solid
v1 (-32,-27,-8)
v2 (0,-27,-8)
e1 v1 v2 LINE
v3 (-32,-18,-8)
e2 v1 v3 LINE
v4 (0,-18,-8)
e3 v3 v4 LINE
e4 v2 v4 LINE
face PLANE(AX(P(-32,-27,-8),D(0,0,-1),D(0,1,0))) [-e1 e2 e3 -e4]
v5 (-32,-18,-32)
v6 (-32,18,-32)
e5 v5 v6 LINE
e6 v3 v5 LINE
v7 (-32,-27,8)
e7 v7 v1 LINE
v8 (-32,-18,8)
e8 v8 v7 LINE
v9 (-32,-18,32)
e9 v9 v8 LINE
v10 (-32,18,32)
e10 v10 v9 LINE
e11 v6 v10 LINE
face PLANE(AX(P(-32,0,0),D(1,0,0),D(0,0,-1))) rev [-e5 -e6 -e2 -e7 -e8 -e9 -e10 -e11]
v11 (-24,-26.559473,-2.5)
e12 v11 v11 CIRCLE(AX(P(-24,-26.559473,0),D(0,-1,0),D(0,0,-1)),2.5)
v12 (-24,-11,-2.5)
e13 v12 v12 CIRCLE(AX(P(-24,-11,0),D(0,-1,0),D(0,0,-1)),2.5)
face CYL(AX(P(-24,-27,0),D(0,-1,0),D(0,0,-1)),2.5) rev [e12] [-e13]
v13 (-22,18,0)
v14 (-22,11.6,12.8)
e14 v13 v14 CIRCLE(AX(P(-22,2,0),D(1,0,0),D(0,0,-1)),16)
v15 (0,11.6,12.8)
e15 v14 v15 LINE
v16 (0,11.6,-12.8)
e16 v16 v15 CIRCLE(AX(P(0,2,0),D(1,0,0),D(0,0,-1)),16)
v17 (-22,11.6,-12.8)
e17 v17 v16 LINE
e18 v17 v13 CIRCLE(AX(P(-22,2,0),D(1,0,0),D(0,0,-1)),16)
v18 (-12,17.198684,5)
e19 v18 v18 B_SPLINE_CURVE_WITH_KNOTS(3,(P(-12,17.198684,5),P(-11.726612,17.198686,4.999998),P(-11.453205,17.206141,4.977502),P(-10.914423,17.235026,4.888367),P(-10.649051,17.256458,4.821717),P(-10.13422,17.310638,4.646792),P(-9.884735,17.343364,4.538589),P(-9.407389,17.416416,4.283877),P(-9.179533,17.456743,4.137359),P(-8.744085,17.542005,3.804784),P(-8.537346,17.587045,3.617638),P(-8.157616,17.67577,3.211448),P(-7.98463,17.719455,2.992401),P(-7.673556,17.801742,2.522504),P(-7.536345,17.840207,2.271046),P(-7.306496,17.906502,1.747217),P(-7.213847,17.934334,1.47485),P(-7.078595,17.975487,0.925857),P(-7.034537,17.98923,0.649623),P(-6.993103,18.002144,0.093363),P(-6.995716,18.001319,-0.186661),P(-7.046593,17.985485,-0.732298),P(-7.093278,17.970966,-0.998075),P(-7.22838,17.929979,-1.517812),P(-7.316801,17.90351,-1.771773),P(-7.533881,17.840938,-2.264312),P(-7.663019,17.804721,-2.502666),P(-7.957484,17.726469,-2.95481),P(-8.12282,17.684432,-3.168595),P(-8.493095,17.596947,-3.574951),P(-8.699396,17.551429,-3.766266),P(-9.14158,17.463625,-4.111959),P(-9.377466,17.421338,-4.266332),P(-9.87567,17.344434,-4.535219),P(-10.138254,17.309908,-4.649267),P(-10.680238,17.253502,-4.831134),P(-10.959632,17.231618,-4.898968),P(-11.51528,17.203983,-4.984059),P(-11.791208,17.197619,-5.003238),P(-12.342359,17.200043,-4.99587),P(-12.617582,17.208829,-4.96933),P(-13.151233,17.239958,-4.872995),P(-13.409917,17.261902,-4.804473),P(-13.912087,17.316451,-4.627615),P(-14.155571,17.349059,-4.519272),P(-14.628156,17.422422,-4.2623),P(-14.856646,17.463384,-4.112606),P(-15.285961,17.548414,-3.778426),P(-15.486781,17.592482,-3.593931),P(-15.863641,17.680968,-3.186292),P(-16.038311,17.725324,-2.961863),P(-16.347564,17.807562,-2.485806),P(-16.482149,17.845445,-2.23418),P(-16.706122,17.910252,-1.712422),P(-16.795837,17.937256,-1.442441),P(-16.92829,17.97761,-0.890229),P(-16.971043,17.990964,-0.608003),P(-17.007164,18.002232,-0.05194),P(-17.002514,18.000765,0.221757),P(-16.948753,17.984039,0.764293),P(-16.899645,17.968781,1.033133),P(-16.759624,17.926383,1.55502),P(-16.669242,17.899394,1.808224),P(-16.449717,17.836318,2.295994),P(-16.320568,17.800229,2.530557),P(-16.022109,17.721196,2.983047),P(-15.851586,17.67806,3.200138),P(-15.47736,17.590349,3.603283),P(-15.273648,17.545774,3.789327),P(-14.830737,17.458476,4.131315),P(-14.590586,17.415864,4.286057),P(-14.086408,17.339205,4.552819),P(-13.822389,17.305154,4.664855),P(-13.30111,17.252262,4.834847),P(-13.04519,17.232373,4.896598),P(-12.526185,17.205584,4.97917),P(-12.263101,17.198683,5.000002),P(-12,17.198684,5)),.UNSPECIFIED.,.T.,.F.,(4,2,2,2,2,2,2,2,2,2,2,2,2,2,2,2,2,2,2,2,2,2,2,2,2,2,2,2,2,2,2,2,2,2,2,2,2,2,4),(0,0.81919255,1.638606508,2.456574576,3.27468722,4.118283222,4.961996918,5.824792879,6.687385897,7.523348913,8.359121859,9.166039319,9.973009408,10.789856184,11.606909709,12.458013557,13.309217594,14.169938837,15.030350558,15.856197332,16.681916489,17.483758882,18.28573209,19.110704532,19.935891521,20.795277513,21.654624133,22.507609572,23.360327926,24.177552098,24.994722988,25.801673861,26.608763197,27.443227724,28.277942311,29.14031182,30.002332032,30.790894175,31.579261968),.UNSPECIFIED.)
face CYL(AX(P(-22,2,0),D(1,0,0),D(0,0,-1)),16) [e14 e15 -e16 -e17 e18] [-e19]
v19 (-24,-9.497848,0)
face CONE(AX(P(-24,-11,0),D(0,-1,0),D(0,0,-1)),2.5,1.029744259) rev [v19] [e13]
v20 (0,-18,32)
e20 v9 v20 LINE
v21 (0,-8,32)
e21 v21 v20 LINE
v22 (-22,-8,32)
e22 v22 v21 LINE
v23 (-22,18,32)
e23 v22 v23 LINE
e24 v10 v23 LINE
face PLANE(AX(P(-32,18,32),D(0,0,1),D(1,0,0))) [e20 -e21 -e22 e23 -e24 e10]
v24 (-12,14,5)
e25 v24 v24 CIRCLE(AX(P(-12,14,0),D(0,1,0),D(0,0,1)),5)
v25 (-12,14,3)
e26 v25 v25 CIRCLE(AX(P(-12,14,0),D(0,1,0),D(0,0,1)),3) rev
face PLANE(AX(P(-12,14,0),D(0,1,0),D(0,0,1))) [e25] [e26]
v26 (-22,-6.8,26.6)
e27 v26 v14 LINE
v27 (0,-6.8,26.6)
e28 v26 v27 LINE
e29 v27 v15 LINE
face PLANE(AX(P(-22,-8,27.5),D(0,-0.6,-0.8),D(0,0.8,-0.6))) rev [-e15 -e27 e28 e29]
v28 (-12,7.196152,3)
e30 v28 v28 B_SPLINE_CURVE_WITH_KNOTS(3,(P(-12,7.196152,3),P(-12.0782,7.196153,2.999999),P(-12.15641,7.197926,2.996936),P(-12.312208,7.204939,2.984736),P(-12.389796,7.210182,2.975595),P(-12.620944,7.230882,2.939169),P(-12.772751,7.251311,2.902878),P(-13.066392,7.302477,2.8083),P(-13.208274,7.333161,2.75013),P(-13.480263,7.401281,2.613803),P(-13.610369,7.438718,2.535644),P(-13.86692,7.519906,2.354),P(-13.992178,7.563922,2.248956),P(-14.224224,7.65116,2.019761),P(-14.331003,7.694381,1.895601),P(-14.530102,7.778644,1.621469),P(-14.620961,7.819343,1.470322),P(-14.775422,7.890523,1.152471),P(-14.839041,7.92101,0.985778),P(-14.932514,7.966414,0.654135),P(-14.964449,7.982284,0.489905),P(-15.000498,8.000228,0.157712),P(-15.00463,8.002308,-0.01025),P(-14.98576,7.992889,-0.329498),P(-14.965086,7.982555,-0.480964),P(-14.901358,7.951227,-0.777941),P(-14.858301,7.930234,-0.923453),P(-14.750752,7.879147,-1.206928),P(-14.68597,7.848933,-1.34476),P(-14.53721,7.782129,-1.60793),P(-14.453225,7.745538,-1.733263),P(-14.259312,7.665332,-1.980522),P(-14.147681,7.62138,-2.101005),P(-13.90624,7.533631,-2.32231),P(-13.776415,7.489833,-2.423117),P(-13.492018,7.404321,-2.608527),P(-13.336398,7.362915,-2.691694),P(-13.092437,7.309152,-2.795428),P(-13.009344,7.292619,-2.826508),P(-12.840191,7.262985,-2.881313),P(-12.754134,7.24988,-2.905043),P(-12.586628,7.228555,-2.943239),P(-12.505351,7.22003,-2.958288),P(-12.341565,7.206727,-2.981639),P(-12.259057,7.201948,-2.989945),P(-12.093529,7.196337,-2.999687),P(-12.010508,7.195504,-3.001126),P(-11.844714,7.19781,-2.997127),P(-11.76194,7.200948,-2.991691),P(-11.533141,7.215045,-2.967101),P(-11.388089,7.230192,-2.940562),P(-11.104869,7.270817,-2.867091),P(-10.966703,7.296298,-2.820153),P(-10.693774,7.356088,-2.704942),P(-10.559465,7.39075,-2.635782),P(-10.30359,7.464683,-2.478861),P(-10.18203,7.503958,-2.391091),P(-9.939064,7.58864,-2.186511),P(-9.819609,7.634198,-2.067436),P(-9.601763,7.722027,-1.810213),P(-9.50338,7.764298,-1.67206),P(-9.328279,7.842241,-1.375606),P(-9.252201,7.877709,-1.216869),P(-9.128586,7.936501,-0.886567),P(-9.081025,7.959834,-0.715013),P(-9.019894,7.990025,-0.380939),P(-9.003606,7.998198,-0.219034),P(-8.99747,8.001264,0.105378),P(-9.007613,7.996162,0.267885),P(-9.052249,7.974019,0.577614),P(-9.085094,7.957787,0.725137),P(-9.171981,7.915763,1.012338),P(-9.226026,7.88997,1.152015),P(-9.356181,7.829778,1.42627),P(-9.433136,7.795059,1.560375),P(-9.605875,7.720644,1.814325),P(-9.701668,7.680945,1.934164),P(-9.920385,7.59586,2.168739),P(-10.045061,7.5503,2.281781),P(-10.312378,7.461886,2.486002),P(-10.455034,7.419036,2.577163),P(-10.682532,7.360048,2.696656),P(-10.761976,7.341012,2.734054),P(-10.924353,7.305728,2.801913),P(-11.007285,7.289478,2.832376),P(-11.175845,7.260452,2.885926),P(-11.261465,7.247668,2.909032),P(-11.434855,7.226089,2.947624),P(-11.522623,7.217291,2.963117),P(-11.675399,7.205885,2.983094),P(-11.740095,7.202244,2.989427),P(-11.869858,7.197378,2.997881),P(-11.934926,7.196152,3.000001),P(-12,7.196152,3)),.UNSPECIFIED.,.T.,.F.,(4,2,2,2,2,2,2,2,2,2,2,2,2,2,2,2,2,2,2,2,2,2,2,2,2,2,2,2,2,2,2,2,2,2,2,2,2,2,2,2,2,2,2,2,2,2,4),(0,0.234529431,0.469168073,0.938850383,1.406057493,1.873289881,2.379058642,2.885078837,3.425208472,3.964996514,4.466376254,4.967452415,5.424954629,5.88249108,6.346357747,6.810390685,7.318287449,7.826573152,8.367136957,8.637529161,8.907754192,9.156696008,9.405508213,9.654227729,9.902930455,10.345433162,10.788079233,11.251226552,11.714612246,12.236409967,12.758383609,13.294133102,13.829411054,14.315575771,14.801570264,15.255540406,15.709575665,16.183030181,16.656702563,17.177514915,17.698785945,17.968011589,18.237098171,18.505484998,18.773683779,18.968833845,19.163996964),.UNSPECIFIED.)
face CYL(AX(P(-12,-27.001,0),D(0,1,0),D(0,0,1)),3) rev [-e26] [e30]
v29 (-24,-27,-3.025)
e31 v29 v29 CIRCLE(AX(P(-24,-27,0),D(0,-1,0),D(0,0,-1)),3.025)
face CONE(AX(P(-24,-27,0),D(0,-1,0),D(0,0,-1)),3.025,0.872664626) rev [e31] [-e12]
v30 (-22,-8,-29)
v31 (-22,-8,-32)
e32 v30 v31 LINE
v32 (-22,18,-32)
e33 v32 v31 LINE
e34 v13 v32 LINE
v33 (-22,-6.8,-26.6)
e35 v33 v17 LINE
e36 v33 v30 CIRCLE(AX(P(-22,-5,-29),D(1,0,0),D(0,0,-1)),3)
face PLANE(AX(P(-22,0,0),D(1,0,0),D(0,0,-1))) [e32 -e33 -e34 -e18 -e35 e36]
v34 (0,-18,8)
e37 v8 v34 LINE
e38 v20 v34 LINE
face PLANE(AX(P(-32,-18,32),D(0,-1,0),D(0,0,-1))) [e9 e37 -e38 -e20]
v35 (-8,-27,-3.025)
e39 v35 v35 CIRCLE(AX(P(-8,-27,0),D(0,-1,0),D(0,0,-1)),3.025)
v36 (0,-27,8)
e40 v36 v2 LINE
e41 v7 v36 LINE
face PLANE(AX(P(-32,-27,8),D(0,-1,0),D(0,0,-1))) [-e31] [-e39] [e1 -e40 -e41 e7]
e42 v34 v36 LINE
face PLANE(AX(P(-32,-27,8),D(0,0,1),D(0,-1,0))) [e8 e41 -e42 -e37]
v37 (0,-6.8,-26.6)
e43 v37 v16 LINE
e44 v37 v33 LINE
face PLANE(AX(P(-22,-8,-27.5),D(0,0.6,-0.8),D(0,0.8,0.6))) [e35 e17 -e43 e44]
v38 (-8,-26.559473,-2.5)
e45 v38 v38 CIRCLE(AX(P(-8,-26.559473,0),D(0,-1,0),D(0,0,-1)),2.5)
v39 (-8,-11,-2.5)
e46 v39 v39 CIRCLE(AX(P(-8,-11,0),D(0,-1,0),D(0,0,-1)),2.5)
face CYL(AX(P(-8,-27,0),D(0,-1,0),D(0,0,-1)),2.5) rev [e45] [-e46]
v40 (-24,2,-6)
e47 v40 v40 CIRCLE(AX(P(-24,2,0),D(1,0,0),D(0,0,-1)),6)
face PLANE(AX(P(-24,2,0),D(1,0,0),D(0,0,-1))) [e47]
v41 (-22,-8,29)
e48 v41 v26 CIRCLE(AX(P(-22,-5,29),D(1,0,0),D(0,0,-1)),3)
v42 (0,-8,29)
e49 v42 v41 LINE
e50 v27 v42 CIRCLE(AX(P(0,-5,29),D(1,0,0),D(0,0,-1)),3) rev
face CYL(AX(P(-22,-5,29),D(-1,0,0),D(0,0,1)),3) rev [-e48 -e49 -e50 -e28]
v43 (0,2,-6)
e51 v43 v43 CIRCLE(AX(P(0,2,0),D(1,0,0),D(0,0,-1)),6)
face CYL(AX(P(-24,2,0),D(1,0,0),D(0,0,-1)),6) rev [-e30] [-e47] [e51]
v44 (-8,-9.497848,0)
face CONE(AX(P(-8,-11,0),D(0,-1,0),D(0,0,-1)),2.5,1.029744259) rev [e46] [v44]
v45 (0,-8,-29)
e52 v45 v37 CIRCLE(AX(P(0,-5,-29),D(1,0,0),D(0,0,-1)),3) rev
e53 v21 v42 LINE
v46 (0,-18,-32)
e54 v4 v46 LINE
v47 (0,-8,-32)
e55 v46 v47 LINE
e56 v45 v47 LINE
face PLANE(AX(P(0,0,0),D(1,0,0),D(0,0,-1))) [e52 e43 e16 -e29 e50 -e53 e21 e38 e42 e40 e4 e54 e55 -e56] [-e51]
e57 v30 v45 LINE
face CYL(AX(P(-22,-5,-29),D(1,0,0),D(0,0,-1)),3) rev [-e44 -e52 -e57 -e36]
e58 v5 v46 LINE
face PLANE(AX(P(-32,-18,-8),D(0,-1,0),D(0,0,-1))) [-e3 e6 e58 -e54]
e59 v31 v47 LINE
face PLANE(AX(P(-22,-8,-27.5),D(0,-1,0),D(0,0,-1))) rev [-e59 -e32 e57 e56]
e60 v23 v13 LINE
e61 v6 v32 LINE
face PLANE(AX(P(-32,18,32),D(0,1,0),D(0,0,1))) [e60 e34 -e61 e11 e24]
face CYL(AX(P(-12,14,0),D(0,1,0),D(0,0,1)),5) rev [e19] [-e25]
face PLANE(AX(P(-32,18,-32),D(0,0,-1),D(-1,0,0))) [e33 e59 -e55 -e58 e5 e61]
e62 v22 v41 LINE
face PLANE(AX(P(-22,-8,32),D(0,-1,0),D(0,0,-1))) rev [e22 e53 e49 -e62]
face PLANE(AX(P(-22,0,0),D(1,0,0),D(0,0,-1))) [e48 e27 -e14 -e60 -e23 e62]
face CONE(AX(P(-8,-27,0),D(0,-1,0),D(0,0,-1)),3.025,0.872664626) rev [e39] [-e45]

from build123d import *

# Parameters (mm, degrees)
BOSS_EXTRUDE1_DEPTH             = 32
SKETCH3_OUTSIDE_W               = 82.906
SKETCH3_OUTSIDE_H               = 63.906
CUT_EXTRUDE1_DEPTH              = 22
SKETCH6_R                       = 6
CUT_EXTRUDE2_DEPTH              = 24
CUT_EXTRUDE3_REACH              = 65.82
CUT_EXTRUDE3_END_RADIUS         = 6
SKETCH7_R                       = 3
SKETCH8_R                       = 5
CUT_EXTRUDE4_DEPTH              = 4
M6X1_0_TAPPED_HOLE2_D           = 5
M6X1_0_TAPPED_HOLE2_DEPTH       = 16
M6X1_0_TAPPED_HOLE2_CSINK_D     = 6.05
M6X1_0_TAPPED_HOLE2_CSINK_ANGLE = 100
M6X1_0_TAPPED_HOLE2_TIP         = 1.502151548
FILLET1_R                       = 3


with BuildPart() as part:
    # Sketch1 → Boss-Extrude1 (new body)
    with BuildSketch(Plane(origin=(0, 0, 0), x_dir=(0, 0, -1), z_dir=(1, 0, 0))):
        Polygon((8, -18), (32, -18), (32, 18), (-32, 18), (-32, -18), (-8, -18), (-8, -27), (8, -27), align=None)
    extrude(amount=-BOSS_EXTRUDE1_DEPTH)

    # Sketch3 outside → Cut-Extrude1 (cut)
    with BuildSketch(Plane(origin=(0, 0, 0), x_dir=(0, 0, -1), z_dir=(1, 0, 0))):
        with Locations((0, -4.5)):
            Rectangle(SKETCH3_OUTSIDE_W, SKETCH3_OUTSIDE_H)
        with BuildLine():
            Line((-27.5, -8), (-12.8, 11.6))
            ThreePointArc((-12.8, 11.6), (0, 18), (12.8, 11.6))
            Line((12.8, 11.6), (27.5, -8))
            Line((27.5, -8), (32, -8))
            Line((32, -8), (32, -18))
            Line((32, -18), (8, -18))
            Line((8, -18), (8, -27))
            Line((8, -27), (-8, -27))
            Line((-8, -27), (-8, -18))
            Line((-8, -18), (-32, -18))
            Line((-32, -18), (-32, -8))
            Line((-32, -8), (-27.5, -8))
        make_face(mode=Mode.SUBTRACT)
    extrude(amount=-CUT_EXTRUDE1_DEPTH, mode=Mode.SUBTRACT)

    # Sketch6 → Cut-Extrude2 (cut)
    with BuildSketch(Plane(origin=(0, 0, 0), x_dir=(0, 0, -1), z_dir=(1, 0, 0))):
        with Locations((0, 2)):
            Circle(SKETCH6_R)
    extrude(amount=-CUT_EXTRUDE2_DEPTH, mode=Mode.SUBTRACT)

    # Cut-Extrude3: up to this cylinder (the profile starts outside it)
    cut_extrude3_end = Plane(origin=(-12, 2, 0), z_dir=(1, 0, 0)) * Cylinder(CUT_EXTRUDE3_END_RADIUS, 144.64, mode=Mode.PRIVATE)
    # Sketch7 → Cut-Extrude3 (cut, up to the surface)
    with BuildSketch(Plane(origin=(0, 18, 0), x_dir=(1, 0, 0), z_dir=(0, 1, 0)), mode=Mode.PRIVATE) as cut_extrude3_sk1:
        with Locations(Location((-12, 0, 0), (0, 0, 270))):
            Circle(SKETCH7_R)
    cut_extrude3_tool1 = extrude(cut_extrude3_sk1.sketch, amount=-CUT_EXTRUDE3_REACH, mode=Mode.PRIVATE) - cut_extrude3_end
    add(cut_extrude3_tool1.solids().sort_by_distance((-12, 18, 0))[0], mode=Mode.SUBTRACT)

    # Sketch8 → Cut-Extrude4 (cut)
    with BuildSketch(Plane(origin=(0, 18, 0), x_dir=(1, 0, 0), z_dir=(0, 1, 0))):
        with Locations(Location((-12, 0, 0), (0, 0, 270))):
            Circle(SKETCH8_R)
    extrude(amount=-CUT_EXTRUDE4_DEPTH, mode=Mode.SUBTRACT)

    # M6x1.0 Tapped Hole2
    with Locations(Plane(origin=(0, -27, 0), x_dir=(-1, 0, 0), z_dir=(0, -1, 0))):
        with Locations((8, 0), (24, 0)):
            CounterSinkHole(M6X1_0_TAPPED_HOLE2_D / 2, M6X1_0_TAPPED_HOLE2_CSINK_D / 2, depth=M6X1_0_TAPPED_HOLE2_DEPTH, counter_sink_angle=M6X1_0_TAPPED_HOLE2_CSINK_ANGLE)
            with Locations((0, 0, -(M6X1_0_TAPPED_HOLE2_DEPTH + M6X1_0_TAPPED_HOLE2_TIP / 2))):  # 118° drill point
                Cone(0, M6X1_0_TAPPED_HOLE2_D / 2, M6X1_0_TAPPED_HOLE2_TIP, mode=Mode.SUBTRACT)

    # Fillet1
    fillet1_edges = [part.edges().sort_by_distance(p)[0] for p in [
        (-11, -8, 27.5),
        (-11, -8, -27.5),
    ]]
    fillet(fillet1_edges, radius=FILLET1_R)


solid = part.part
